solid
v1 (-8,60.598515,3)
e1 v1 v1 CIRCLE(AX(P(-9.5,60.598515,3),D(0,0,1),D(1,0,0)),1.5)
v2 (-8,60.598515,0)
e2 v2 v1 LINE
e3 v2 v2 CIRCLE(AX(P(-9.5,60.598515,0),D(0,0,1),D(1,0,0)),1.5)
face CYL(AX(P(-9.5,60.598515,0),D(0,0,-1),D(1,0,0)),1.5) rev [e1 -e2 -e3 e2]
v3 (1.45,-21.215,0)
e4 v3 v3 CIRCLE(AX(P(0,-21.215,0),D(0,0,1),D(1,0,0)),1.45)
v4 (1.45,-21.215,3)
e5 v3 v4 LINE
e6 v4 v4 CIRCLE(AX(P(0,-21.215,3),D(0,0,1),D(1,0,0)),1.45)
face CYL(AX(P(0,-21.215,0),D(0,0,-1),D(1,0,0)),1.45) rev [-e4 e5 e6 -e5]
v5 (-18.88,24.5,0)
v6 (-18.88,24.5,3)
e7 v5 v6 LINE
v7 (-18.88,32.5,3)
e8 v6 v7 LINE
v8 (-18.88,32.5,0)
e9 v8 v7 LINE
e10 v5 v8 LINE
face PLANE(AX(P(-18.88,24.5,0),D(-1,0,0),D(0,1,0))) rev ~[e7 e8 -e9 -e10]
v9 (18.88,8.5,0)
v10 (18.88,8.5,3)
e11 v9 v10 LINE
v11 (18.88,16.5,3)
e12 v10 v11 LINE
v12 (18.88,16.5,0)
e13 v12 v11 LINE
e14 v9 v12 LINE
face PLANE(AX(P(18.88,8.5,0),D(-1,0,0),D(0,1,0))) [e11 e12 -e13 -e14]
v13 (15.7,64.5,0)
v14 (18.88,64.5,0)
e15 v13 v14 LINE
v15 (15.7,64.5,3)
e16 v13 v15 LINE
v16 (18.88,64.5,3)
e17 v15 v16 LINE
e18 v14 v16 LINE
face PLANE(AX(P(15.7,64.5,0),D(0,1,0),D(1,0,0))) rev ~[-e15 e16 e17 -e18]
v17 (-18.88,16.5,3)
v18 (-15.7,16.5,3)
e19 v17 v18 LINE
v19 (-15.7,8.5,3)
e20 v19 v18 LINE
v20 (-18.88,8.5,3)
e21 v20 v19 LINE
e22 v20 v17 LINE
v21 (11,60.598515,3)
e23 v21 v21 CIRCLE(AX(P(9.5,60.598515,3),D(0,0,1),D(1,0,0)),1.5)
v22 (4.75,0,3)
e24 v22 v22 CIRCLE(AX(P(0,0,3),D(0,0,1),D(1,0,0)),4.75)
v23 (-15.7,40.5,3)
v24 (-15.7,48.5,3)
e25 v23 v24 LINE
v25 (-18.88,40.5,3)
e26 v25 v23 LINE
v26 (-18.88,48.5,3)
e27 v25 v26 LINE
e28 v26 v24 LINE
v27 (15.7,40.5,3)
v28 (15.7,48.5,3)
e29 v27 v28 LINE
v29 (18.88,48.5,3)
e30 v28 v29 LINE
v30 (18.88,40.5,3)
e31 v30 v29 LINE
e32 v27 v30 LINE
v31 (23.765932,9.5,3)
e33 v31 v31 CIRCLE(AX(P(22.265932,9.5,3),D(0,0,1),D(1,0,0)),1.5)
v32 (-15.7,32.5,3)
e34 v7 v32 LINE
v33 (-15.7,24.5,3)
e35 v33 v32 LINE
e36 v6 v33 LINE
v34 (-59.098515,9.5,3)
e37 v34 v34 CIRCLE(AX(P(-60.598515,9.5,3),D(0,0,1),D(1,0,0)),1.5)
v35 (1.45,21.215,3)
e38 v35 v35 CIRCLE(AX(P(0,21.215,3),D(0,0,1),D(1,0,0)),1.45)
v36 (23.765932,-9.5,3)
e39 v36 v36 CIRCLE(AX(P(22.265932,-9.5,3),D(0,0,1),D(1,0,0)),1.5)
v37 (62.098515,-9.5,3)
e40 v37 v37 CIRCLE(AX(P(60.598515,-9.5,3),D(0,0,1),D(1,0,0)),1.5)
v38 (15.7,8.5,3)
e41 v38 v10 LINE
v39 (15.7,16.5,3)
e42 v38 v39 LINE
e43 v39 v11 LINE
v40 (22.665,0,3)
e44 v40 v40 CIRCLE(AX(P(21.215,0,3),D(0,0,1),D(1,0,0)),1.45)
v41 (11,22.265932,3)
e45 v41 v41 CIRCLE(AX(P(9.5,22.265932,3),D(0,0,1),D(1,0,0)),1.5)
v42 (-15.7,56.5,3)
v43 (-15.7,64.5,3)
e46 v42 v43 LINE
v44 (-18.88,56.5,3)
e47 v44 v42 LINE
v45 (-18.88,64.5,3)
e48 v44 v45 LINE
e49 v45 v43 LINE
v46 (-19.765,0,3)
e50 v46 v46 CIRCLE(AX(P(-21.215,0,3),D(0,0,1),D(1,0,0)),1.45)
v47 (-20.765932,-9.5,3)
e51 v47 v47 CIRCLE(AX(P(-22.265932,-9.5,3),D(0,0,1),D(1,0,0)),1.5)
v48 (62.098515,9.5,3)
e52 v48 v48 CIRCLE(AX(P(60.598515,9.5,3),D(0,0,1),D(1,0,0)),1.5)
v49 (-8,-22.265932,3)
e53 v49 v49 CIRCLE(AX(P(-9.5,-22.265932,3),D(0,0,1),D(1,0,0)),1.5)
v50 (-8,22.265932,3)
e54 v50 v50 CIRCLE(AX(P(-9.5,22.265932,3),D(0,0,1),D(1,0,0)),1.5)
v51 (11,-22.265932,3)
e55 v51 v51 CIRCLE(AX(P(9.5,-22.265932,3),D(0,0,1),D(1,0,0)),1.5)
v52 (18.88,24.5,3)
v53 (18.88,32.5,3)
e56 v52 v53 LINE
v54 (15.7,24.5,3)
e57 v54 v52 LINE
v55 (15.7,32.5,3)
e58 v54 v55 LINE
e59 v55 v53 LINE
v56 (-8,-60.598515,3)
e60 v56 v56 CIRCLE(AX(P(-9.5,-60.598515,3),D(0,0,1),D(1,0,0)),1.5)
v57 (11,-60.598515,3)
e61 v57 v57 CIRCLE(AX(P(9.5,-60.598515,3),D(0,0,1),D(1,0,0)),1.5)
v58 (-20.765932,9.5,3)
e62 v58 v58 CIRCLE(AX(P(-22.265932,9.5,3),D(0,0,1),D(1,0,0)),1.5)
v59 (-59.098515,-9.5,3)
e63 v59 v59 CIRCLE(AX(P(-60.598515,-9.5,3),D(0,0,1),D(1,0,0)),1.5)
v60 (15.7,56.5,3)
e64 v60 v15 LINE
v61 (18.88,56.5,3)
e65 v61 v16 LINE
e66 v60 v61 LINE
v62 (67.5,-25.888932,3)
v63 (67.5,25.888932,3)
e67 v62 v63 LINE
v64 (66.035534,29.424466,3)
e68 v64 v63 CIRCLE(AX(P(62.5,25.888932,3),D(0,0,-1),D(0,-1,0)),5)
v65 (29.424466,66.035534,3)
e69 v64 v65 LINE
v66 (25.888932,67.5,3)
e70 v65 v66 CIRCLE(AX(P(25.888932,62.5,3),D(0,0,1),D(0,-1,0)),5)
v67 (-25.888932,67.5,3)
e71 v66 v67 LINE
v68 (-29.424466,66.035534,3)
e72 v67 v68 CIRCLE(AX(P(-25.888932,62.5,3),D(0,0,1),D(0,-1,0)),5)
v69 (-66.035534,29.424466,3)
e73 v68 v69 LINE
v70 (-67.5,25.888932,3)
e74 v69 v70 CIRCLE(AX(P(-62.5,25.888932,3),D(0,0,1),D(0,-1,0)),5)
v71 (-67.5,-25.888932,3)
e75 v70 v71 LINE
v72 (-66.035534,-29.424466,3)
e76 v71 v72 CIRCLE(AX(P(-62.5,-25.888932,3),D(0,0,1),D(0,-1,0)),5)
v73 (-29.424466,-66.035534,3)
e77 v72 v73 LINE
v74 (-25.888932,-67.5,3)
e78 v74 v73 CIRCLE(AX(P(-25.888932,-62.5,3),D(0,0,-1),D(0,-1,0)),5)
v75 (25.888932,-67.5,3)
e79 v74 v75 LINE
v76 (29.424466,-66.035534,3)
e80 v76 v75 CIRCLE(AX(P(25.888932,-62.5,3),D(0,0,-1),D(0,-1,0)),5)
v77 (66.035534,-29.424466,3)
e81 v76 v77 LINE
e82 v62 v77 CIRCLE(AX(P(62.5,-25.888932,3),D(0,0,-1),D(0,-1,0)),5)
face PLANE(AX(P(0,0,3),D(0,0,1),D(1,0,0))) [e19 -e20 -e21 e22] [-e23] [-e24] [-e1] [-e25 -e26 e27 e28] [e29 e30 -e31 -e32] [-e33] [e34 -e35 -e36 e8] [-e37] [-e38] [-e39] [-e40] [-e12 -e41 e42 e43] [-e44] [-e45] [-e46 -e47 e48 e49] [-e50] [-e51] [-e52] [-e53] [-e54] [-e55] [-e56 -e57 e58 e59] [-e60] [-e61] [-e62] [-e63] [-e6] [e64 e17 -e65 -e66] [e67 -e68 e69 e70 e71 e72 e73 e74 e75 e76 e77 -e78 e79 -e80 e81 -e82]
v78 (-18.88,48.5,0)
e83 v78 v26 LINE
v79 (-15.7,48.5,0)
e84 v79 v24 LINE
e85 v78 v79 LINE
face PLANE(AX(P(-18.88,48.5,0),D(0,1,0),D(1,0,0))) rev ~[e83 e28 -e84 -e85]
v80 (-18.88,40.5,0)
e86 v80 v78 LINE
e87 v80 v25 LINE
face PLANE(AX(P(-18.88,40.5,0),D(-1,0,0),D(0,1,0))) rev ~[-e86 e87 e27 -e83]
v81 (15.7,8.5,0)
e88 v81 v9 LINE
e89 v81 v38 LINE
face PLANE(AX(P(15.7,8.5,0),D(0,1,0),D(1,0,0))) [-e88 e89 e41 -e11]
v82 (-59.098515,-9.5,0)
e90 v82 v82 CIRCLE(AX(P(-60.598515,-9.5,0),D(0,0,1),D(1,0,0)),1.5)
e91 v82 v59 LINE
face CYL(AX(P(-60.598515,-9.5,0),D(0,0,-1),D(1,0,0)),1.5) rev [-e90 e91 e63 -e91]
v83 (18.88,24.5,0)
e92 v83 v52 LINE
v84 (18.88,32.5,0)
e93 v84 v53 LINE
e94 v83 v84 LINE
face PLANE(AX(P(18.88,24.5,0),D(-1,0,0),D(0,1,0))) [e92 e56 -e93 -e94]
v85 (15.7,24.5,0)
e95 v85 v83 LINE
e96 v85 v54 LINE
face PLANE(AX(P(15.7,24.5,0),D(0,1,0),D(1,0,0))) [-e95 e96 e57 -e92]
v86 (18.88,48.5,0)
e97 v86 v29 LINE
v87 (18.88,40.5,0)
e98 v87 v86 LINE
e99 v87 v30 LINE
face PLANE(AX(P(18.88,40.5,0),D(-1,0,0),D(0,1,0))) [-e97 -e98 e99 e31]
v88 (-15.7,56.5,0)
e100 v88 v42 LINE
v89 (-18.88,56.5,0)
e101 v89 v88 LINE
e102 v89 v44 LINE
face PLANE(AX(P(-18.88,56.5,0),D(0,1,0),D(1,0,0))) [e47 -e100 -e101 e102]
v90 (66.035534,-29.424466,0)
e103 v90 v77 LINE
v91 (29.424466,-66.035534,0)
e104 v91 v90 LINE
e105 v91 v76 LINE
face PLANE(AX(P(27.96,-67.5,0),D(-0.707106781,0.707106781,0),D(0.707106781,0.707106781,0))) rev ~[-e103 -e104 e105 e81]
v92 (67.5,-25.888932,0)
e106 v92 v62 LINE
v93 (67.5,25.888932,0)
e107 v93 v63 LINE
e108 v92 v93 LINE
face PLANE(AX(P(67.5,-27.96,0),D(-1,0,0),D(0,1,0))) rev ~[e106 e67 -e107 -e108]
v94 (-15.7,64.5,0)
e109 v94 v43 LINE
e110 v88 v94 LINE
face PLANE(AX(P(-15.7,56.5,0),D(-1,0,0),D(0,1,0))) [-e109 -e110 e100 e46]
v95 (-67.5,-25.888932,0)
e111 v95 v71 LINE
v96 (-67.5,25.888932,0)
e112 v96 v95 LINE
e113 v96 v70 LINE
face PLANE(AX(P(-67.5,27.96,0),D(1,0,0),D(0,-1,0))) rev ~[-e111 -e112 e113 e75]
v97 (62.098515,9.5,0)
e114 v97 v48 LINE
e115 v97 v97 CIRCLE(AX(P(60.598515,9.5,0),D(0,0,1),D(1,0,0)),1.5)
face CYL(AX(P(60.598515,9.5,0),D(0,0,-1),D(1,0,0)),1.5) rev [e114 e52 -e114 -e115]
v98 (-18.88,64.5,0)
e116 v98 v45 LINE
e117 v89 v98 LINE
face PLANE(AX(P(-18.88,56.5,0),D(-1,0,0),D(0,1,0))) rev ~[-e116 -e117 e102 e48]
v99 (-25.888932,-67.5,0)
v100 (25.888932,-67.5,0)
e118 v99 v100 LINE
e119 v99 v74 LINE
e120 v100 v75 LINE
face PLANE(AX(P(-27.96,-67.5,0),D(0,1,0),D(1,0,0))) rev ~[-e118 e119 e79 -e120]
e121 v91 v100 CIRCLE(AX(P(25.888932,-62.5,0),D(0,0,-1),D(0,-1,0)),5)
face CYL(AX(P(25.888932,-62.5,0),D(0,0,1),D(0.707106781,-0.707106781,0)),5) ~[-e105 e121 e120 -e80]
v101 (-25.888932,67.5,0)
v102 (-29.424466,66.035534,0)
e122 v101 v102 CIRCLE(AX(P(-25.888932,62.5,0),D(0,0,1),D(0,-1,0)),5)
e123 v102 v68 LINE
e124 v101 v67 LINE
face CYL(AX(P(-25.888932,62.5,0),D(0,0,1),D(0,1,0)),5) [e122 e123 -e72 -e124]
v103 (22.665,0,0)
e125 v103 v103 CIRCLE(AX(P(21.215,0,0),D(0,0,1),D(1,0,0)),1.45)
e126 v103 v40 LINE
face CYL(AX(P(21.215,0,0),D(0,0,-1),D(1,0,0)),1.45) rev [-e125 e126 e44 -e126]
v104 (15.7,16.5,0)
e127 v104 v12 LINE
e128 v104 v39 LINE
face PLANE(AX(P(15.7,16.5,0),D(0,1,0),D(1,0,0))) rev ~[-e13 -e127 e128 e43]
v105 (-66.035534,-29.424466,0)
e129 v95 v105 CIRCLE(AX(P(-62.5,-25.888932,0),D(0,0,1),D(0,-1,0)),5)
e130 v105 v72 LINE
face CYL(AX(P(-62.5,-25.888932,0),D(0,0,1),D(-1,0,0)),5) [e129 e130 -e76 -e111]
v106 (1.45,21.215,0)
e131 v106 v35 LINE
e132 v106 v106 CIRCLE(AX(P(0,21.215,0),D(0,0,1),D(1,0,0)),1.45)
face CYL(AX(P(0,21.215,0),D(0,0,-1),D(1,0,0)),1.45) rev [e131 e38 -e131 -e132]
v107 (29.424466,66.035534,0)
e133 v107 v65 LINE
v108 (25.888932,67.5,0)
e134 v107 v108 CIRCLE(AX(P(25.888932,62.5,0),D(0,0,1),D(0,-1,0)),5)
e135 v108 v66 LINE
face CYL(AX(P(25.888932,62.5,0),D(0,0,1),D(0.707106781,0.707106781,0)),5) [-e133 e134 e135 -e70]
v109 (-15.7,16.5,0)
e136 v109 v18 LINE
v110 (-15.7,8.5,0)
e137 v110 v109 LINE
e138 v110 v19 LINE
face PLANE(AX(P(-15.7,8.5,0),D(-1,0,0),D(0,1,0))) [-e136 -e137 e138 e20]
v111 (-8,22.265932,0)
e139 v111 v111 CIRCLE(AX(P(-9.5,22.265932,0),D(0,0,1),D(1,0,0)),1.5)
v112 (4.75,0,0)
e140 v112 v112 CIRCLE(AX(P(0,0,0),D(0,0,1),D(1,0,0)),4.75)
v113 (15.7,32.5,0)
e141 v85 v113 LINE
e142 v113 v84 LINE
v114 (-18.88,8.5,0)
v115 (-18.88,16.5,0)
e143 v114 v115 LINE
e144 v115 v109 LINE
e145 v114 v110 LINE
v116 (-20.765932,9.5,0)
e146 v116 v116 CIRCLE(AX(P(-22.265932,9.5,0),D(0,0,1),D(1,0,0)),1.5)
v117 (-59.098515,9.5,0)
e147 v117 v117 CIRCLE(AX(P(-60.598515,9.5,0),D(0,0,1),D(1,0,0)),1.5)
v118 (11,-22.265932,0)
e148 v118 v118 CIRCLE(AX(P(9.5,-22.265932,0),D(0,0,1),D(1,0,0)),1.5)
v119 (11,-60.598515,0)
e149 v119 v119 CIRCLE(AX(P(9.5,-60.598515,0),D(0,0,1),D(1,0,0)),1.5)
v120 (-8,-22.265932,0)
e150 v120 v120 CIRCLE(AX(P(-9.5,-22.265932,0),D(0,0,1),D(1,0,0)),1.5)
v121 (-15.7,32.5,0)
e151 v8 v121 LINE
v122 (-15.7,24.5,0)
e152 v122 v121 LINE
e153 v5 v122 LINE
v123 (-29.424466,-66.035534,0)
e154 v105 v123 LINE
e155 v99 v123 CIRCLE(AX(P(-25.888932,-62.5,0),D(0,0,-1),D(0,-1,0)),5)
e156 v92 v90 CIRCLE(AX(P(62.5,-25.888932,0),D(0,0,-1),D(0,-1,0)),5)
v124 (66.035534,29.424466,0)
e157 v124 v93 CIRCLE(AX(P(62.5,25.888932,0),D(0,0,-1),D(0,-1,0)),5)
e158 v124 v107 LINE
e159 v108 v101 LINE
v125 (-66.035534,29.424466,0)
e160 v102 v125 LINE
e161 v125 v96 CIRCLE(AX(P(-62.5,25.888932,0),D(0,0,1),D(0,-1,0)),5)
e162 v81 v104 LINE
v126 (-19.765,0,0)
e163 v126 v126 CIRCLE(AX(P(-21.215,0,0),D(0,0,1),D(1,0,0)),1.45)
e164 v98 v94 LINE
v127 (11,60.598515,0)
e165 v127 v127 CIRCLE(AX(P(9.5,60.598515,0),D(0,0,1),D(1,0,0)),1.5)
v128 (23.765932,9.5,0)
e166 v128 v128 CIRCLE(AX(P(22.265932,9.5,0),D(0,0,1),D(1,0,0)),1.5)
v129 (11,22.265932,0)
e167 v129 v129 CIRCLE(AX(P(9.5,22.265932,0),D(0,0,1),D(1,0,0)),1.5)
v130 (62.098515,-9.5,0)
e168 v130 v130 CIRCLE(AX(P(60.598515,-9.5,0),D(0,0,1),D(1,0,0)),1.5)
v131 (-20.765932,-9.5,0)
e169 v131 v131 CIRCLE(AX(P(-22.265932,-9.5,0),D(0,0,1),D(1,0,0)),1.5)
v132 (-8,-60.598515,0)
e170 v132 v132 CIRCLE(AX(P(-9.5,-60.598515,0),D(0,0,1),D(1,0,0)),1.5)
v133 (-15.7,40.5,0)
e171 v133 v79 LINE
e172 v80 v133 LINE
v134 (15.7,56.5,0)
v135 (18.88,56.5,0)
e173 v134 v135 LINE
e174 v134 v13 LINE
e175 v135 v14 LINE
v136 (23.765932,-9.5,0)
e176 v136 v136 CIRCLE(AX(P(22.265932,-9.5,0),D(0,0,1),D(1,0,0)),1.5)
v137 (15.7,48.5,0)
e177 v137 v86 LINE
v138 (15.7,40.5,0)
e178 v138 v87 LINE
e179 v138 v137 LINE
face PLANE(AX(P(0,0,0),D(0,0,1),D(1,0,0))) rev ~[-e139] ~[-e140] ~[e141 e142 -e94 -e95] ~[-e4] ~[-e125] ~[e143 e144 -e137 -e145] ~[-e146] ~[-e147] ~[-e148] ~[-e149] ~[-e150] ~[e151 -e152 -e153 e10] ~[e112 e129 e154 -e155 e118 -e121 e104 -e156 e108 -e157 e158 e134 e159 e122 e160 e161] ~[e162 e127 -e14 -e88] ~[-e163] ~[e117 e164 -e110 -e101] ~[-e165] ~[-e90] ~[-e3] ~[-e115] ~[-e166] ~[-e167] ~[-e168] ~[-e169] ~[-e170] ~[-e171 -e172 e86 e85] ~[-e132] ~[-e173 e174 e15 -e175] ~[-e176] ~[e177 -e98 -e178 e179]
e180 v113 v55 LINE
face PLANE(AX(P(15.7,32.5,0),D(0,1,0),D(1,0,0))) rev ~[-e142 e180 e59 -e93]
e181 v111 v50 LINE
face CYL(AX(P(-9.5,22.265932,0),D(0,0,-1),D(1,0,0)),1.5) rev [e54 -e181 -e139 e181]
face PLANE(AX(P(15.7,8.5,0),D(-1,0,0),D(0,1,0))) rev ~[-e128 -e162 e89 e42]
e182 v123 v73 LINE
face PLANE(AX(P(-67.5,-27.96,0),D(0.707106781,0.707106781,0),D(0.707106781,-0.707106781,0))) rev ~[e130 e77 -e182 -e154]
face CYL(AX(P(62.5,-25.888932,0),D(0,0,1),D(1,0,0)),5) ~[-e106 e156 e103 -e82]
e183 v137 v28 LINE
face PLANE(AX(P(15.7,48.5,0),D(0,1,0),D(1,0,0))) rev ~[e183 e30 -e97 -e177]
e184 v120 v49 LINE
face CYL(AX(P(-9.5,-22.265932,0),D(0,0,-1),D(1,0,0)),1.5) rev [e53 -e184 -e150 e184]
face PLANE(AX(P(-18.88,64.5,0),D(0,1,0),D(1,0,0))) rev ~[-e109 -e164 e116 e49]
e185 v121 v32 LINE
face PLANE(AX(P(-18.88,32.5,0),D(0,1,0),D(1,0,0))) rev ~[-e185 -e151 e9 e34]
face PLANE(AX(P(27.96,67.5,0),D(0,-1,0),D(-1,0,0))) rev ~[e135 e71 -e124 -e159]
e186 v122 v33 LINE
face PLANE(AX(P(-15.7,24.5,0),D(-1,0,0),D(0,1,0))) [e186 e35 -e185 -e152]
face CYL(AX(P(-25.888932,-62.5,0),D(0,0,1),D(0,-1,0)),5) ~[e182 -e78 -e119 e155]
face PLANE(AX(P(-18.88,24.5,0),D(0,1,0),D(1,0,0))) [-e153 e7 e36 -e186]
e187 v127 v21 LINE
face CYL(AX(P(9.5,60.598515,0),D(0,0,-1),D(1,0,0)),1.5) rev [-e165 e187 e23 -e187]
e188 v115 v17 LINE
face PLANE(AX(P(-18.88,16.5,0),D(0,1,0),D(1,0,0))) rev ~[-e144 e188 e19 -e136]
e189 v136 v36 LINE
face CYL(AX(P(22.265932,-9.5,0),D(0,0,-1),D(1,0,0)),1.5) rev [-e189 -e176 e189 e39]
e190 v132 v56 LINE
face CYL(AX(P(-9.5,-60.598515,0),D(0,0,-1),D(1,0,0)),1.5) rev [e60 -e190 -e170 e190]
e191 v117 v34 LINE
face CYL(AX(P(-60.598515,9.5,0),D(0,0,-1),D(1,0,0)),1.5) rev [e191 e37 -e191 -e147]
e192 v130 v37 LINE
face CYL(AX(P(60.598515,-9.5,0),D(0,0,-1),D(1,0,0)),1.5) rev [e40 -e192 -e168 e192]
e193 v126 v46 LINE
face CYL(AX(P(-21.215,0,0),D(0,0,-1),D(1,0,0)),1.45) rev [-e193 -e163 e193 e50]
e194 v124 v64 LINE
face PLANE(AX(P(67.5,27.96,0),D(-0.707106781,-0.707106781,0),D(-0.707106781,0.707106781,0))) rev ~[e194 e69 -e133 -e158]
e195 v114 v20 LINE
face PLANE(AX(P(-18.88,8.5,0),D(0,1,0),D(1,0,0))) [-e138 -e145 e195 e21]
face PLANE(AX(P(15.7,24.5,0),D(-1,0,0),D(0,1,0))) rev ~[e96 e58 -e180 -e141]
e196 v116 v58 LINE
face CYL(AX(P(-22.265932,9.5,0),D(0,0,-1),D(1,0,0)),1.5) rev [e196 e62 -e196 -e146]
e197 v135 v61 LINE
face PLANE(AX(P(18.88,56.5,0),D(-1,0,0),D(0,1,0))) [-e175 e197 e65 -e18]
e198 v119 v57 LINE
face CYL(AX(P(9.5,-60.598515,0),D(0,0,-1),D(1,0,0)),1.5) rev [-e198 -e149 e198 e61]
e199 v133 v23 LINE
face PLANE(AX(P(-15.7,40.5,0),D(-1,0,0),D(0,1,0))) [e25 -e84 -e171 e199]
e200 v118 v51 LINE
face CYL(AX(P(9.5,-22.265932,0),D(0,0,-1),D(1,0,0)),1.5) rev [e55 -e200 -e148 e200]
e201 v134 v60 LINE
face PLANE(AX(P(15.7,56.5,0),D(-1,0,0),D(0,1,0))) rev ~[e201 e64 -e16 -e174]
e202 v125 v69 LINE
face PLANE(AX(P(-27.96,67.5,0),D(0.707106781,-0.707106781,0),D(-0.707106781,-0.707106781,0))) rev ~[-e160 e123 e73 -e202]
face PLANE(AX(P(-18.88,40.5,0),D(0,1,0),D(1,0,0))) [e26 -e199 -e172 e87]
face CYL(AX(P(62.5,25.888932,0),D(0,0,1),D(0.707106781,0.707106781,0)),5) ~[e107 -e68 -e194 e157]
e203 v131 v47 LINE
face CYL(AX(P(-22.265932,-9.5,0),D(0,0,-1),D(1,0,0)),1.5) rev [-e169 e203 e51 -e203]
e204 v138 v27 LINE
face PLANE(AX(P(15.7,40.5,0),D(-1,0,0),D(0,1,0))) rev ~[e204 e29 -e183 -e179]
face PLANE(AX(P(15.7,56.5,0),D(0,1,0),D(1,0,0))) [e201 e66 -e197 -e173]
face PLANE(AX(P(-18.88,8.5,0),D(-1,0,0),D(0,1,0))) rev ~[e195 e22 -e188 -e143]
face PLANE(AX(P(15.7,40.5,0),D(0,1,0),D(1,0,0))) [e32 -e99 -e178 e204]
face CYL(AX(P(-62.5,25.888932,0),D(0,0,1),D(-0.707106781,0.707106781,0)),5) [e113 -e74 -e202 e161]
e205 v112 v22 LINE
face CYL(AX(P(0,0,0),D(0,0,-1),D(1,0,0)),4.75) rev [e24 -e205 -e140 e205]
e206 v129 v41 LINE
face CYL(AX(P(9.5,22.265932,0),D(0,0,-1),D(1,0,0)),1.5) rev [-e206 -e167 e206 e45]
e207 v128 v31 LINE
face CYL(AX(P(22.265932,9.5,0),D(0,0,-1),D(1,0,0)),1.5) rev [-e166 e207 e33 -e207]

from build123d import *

# Parameters (mm, degrees)
F0_R     = 1.5
F0_R_2   = 1.45
F0_W     = 3.18
F0_H     = 8
F0_R_3   = 4.75
F1_DEPTH = 3
F2_R     = 5


with BuildPart() as f1:
    # F0 (on Top) → F1 (new body)
    with BuildSketch(Plane.XY):
        Polygon((67.5, 27.96), (27.96, 67.5), (-27.96, 67.5), (-67.5, 27.96), (-67.5, -27.96), (-27.96, -67.5), (27.96, -67.5), (67.5, -27.96), align=None)
        with Locations((-9.5, -60.598515)):
            Circle(F0_R, mode=Mode.SUBTRACT)
        with Locations((-60.598515, -9.5)):
            Circle(F0_R, mode=Mode.SUBTRACT)
        with Locations((-9.5, -22.265932)):
            Circle(F0_R, mode=Mode.SUBTRACT)
        with Locations((-22.265932, -9.5)):
            Circle(F0_R, mode=Mode.SUBTRACT)
        with Locations((9.5, -60.598515)):
            Circle(F0_R, mode=Mode.SUBTRACT)
        with Locations((0, -21.215)):
            Circle(F0_R_2, mode=Mode.SUBTRACT)
        with Locations((9.5, -22.265932)):
            Circle(F0_R, mode=Mode.SUBTRACT)
        with Locations((22.265932, -9.5)):
            Circle(F0_R, mode=Mode.SUBTRACT)
        with Locations((60.598515, -9.5)):
            Circle(F0_R, mode=Mode.SUBTRACT)
        with Locations((-60.598515, 9.5)):
            Circle(F0_R, mode=Mode.SUBTRACT)
        with Locations((-21.215, 0)):
            Circle(F0_R_2, mode=Mode.SUBTRACT)
        with Locations((-22.265932, 9.5)):
            Circle(F0_R, mode=Mode.SUBTRACT)
        with Locations((-17.29, 12.5)):
            Rectangle(F0_W, F0_H, mode=Mode.SUBTRACT)
        with Locations((-17.29, 28.5)):
            Rectangle(F0_W, F0_H, mode=Mode.SUBTRACT)
        with Locations((-9.5, 22.265932)):
            Circle(F0_R, mode=Mode.SUBTRACT)
        with Locations((-17.29, 44.5)):
            Rectangle(F0_W, F0_H, mode=Mode.SUBTRACT)
        with Locations((-17.29, 60.5)):
            Rectangle(F0_W, F0_H, mode=Mode.SUBTRACT)
        with Locations((-9.5, 60.598515)):
            Circle(F0_R, mode=Mode.SUBTRACT)
        Circle(F0_R_3, mode=Mode.SUBTRACT)
        with Locations((21.215, 0)):
            Circle(F0_R_2, mode=Mode.SUBTRACT)
        with Locations((17.29, 12.5)):
            Rectangle(F0_W, F0_H, mode=Mode.SUBTRACT)
        with Locations((22.265932, 9.5)):
            Circle(F0_R, mode=Mode.SUBTRACT)
        with Locations((0, 21.215)):
            Circle(F0_R_2, mode=Mode.SUBTRACT)
        with Locations((9.5, 22.265932)):
            Circle(F0_R, mode=Mode.SUBTRACT)
        with Locations((17.29, 28.5)):
            Rectangle(F0_W, F0_H, mode=Mode.SUBTRACT)
        with Locations((60.598515, 9.5)):
            Circle(F0_R, mode=Mode.SUBTRACT)
        with Locations((17.29, 44.5)):
            Rectangle(F0_W, F0_H, mode=Mode.SUBTRACT)
        with Locations((9.5, 60.598515)):
            Circle(F0_R, mode=Mode.SUBTRACT)
        with Locations((17.29, 60.5)):
            Rectangle(F0_W, F0_H, mode=Mode.SUBTRACT)
    extrude(amount=F1_DEPTH)

    # F2
    f2_edges = [f1.edges().sort_by_distance(p)[0] for p in [
        (-27.96, 67.5, 1.5),
        (-67.5, 27.96, 1.5),
        (-67.5, -27.96, 1.5),
        (-27.96, -67.5, 1.5),
        (27.96, -67.5, 1.5),
        (67.5, -27.96, 1.5),
        (67.5, 27.96, 1.5),
        (27.96, 67.5, 1.5),
    ]]
    fillet(f2_edges, radius=F2_R)


solid = f1.part
